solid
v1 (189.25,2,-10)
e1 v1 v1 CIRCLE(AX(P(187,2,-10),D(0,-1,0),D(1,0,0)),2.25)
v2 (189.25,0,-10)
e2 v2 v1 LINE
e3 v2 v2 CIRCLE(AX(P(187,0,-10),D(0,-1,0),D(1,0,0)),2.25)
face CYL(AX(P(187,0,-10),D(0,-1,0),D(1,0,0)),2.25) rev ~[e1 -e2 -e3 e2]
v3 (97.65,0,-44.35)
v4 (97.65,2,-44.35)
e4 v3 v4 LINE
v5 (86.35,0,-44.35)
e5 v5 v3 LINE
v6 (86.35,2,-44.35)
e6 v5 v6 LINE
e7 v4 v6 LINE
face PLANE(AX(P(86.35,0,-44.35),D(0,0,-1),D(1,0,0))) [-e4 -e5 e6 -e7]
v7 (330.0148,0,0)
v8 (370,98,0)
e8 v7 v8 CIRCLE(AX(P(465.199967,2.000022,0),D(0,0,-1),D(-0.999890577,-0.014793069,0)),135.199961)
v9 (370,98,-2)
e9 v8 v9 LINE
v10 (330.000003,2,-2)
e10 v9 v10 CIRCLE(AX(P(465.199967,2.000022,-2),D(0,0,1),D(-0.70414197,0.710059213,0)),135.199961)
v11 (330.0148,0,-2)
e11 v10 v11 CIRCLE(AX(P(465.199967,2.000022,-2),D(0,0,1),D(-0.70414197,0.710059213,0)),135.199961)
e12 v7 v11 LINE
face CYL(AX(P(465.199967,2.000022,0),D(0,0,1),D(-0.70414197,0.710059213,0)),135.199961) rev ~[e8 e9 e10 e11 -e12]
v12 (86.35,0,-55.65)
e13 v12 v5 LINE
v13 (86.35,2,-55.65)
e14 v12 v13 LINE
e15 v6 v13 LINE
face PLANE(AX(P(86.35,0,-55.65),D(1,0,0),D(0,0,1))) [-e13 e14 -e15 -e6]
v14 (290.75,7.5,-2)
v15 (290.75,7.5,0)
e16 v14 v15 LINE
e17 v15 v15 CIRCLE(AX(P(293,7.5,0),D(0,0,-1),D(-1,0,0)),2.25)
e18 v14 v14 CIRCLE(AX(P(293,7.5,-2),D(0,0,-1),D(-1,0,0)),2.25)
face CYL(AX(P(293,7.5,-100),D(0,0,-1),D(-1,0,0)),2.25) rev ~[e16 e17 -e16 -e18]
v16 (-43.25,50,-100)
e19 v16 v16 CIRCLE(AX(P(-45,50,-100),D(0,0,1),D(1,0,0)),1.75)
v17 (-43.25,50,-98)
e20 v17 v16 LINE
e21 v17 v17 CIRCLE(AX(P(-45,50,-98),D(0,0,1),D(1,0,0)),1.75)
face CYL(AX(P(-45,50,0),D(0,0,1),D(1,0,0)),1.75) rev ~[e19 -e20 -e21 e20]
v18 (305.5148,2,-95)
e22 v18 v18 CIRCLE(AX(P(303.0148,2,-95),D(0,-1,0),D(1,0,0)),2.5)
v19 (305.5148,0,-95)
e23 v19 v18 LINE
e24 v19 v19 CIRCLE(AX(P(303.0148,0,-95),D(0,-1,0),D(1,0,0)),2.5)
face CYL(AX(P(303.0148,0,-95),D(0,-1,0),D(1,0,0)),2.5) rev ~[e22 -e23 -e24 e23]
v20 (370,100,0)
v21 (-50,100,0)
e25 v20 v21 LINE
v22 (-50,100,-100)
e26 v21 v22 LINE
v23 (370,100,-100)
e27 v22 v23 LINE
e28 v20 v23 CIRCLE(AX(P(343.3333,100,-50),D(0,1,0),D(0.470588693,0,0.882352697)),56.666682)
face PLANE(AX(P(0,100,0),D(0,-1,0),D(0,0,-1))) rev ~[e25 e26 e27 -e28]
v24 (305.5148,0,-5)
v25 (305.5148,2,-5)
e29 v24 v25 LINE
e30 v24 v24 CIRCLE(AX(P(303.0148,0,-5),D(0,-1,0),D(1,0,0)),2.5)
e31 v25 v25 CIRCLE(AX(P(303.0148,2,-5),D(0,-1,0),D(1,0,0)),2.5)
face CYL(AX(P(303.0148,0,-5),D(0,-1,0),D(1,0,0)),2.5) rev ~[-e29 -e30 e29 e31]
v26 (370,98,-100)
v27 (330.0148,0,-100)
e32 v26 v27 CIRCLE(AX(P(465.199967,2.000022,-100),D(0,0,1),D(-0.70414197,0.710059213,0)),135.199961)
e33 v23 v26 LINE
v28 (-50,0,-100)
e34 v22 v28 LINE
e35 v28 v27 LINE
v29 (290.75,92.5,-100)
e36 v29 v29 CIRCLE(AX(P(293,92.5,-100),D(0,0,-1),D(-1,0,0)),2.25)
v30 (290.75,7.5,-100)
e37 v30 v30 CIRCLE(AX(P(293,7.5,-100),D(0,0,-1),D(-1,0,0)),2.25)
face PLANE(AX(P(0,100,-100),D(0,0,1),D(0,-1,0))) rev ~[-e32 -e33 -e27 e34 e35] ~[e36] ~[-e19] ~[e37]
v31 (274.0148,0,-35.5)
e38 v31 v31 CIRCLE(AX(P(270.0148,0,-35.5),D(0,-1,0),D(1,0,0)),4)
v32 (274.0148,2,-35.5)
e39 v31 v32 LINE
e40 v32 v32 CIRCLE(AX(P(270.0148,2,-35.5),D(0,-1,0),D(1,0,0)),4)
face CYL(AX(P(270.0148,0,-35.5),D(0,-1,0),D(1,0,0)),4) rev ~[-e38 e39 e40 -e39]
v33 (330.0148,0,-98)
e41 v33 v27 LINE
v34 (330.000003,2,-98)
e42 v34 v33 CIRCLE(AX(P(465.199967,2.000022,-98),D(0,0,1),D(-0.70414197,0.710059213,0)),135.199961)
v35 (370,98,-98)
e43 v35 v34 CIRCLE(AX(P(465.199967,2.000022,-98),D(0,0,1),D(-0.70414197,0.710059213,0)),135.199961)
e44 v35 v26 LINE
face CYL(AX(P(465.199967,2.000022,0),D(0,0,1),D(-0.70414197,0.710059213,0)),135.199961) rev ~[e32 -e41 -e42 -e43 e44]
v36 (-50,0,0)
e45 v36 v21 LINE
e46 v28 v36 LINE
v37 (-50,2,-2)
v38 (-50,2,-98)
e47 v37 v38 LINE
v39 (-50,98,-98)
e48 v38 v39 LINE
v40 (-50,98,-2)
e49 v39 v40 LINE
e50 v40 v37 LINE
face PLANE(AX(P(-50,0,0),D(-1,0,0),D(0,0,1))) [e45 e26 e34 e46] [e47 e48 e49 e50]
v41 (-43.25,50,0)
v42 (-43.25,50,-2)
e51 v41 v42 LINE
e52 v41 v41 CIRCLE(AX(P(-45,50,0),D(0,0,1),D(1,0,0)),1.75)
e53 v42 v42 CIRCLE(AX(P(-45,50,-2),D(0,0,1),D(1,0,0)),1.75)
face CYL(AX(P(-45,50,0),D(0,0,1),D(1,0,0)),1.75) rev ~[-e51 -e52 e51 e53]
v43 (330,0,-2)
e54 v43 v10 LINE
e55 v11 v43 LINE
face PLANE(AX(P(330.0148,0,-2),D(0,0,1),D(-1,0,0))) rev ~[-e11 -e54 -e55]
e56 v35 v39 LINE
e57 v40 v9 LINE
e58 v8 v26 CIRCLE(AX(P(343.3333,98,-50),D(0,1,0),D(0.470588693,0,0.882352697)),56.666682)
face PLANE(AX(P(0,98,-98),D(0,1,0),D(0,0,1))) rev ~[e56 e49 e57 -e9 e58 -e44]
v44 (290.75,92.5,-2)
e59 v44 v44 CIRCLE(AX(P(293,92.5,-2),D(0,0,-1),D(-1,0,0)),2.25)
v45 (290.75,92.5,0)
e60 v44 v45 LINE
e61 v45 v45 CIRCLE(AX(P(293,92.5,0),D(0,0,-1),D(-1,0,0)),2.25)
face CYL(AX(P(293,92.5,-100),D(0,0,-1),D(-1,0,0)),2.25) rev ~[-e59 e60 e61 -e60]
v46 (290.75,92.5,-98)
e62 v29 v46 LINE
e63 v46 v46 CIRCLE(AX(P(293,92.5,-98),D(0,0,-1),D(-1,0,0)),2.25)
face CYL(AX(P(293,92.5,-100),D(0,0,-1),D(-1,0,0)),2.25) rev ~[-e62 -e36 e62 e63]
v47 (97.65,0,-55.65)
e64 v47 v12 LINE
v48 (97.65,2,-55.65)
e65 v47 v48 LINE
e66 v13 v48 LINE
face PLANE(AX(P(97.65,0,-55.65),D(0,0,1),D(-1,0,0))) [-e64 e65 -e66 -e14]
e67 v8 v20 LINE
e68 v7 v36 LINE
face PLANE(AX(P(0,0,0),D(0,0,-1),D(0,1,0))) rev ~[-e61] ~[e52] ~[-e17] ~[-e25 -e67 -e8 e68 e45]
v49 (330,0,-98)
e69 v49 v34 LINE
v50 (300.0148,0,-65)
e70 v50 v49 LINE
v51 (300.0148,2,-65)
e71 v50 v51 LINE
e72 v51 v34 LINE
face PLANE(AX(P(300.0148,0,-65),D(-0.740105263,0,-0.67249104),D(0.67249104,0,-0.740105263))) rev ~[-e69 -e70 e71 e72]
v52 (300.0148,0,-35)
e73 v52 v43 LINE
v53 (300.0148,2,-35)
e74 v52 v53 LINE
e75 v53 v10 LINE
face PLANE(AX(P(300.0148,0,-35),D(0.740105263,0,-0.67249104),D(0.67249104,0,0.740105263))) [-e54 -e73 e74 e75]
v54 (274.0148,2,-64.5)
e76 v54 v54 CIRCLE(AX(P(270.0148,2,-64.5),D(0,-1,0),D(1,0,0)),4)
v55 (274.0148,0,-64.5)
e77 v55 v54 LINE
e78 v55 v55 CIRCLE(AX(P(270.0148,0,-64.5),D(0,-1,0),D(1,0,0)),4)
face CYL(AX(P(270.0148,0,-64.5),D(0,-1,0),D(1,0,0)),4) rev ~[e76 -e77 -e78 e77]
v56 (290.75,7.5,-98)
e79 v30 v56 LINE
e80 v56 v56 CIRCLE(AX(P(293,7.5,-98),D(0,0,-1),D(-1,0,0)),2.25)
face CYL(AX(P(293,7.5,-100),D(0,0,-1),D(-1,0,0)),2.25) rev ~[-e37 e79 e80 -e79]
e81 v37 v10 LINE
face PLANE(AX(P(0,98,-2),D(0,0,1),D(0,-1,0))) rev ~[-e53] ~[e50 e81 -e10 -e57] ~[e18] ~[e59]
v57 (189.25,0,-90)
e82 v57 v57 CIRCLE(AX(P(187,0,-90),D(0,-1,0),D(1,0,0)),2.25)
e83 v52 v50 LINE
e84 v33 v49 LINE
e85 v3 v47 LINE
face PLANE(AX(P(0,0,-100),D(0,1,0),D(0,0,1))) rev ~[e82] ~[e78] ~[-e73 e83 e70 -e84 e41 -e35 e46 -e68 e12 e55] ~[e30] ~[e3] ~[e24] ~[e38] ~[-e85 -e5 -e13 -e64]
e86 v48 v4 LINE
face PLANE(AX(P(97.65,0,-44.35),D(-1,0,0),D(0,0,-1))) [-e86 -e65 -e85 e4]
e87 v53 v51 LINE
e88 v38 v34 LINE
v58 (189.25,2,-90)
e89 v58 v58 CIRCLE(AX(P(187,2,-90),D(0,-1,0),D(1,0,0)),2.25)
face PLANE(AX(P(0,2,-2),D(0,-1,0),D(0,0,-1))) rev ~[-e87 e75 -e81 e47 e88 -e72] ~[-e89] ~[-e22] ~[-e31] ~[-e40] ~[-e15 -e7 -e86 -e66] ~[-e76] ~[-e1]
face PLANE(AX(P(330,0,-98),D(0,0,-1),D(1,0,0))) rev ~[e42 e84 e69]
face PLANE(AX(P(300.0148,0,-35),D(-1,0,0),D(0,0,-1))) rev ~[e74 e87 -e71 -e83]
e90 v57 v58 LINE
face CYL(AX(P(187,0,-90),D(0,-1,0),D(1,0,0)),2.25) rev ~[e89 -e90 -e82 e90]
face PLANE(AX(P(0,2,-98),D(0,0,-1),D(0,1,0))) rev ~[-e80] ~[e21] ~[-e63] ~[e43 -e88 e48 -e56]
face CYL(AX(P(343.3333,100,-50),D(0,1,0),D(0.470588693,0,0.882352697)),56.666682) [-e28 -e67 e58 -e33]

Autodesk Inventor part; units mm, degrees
ref_plane "YZ Plane" through (0, 0, 0) normal (1, 0, 0) x (0, 1, 0)
ref_plane "XZ Plane" through (0, 0, 0) normal (0, 1, 0) x (-1, 0, 0)
ref_plane "XY Plane" through (0, 0, 0) normal (0, 0, 1) x (1, 0, 0)
sketch "Náčrt1" plane through (0, 0, 0) normal (1, 0, 0) x (0, 1, 0)
  line L0 (0, 0) -> (100, 0)
  line L1 (100, 0) -> (100, -100)
  line L2 (100, -100) -> (0, -100)
  line L3 (0, -100) -> (0, 0)
  line L4 (98, -2) -> (2, -2)
  line L5 (2, -2) -> (2, -98)
  line L6 (2, -98) -> (98, -98)
  line L7 (98, -98) -> (98, -2)
  dimension "d0" = 100
  dimension "d1" = 100
  dimension "d2" = 2
extrude "Vysunutí1" add sketch "Náčrt1" along normal blind 370
sketch "Náčrt4" plane through (0, 0, 0) normal (0, 0, 1) x (1, 0, 0)
  line L0 (0, 0) -> (0, 100) projected
  line L1 (0, 0) -> (370, 0) projected
  line L2 (370, 100) -> (370, 0) projected
  line L3 (0, 100) -> (370, 100) projected
  line L4 (0, 2) -> (370, 2) projected
  arc A0 (370, 98) -> (330.0148, 0) centre (465.2, 2) ccw
  line L5 (330, 23.5767) -> (330, -17.4459)
  line L6 (370, 2) -> (523.9799, 2)
  line L7 (330, 2) -> (370, 2)
  line L8 (0, 0) -> (370, 0) projected
  line L9 (370, 2) -> (370, 98)
  dimension "d17" = 2
  dimension "d102" = 330
extrude "Vysunutí4" cut sketch "Náčrt4" against normal through all contours A0 L2 L4 | L4 L2 L1 A0
sketch "Náčrt5" plane through (0, 100, 0) normal (0, 1, 0) x (1, 0, 0)
  line L0 (0, 0) -> (0, 100) projected
  line L1 (0, 0) -> (370, 0) projected
  line L2 (370, 100) -> (370, 0) projected
  line L3 (0, 100) -> (370, 100) projected
  arc A0 (370, 0) -> (370, 100) centre (343.3333, 50) ccw
  point P0 (400, 50)
  dimension "d21" = 30
extrude "Vysunutí5" add sketch "Náčrt5" against normal blind 2 contours L2 A0
sketch "Náčrt11" plane through (0, 0, -100) normal (0, -1, 0) x (1, 0, 0)
  line L0 (0, 100) -> (330.0148, 100) projected
  line L1 (0, 0) -> (0, 100) projected
  line L2 (0, 0) -> (330.0148, 0) projected
  line L3 (330.0148, 0) -> (330.0148, 100) projected
  line L4 (86.35, 55.65) -> (97.65, 55.65)
  line L5 (97.65, 55.65) -> (97.65, 44.35)
  line L6 (97.65, 44.35) -> (86.35, 44.35)
  line L7 (86.35, 44.35) -> (86.35, 55.65)
  point P0 (92, 55.65)
  point P1 (86.35, 50)
  dimension "d129" = 11.3
  dimension "d130" = 11.3
  dimension "d131" = 92
  dimension "d132" = 50
extrude "Vysunutí11" cut sketch "Náčrt11" against normal blind 5 contours L4 L5 L6 L7
sketch "Náčrt12" plane through (0, 0, -100) normal (0, -1, 0) x (1, 0, 0)
  line L0 (0, 100) -> (330.0148, 100) projected
  line L1 (0, 0) -> (0, 100) projected
  line L2 (0, 0) -> (330.0148, 0) projected
  circle A0 centre (187, 90) radius 2.25
  circle A1 centre (187, 10) radius 2.25
  line L3 (330.0148, 0) -> (330.0148, 100) projected
  dimension "d61" = 4.5
  dimension "d62" = 4.5
  dimension "d63" = 10
  dimension "d64" = 10
  dimension "d65" = 187
  dimension "d66" = 187
extrude "Vysunutí12" cut sketch "Náčrt12" against normal blind 10 contours A0 | A1
sketch "Náčrt14" plane through (0, 0, -100) normal (0, 0, -1) x (-1, 0, 0)
  line L0 (0, 0) -> (-330.0148, 0) projected
  line L1 (0, 100) -> (0, 0) projected
  line L2 (0, 100) -> (-370, 100) projected
  line L3 (-370, 98) -> (-370, 100) projected
  circle A0 centre (-293, 7.5) radius 2.25
  circle A1 centre (-293, 92.5) radius 2.25
  arc A2 (-330.0148, 0) -> (-370, 98) centre (-465.2, 2) ccw projected
  dimension "d77" = 293
  dimension "d78" = 4.5
  dimension "d79" = 4.5
  dimension "d80" = 293
  dimension "d86" = 85
  dimension "d87" = 7.5
extrude "Vysunutí14" cut sketch "Náčrt14" against normal through all contours A0 | A1
sketch "Náčrt16" plane through (0, 0, -100) normal (0, -1, 0) x (1, 0, 0)
  circle A0 centre (187, 90) radius 2.25 projected
  circle A1 centre (187, 10) radius 2.25 projected
  line L0 (330.0148, 0) -> (330.0148, 100) projected
  line L1 (0, 100) -> (330.0148, 100) projected
  line L2 (0, 0) -> (0, 100) projected
  line L3 (0, 0) -> (330.0148, 0) projected
  line L4 (0, 2) -> (330, 2) projected
  line L5 (0, 98) -> (330, 98) projected
  line L6 (300.0148, 65) -> (300.0148, 35)
  line L7 (300.0148, 35) -> (330, 2)
  line L8 (330, 2) -> (332.6841, 2)
  line L9 (332.6841, 2) -> (332.6841, 98)
  line L10 (332.6841, 98) -> (330, 98)
  line L11 (300.0148, 65) -> (330, 98)
  circle A2 centre (303.0148, 5) radius 2.5
  circle A3 centre (303.0148, 95) radius 2.5
  point P0 (300.0148, 50)
  dimension "d103" = 30
  dimension "d104" = 50
  dimension "d105" = 30
  dimension "d106" = 5
  dimension "d107" = 5
  dimension "d108" = 5
  dimension "d109" = 5
  dimension "d110" = 27
  dimension "d111" = 27
extrude "Vysunutí17" cut sketch "Náčrt16" against normal up to surface (2 mm away) contours L8 L7 L6 L11 L10 L0 | L0 L10 L9 L8 | A2 | A3
sketch "Náčrt17" plane through (0, 0, 0) normal (-1, 0, 0) x (0, 0, 1)
  line L0 (-98, 98) -> (-2, 98) projected
  line L1 (-2, 98) -> (-2, 2) projected
  line L2 (-2, 2) -> (-98, 2) projected
  line L3 (-98, 2) -> (-98, 98) projected
  line L4 (0, 0) -> (0, 100) projected
  line L5 (0, 100) -> (-100, 100) projected
  line L6 (-100, 100) -> (-100, 0) projected
  line L7 (-100, 0) -> (0, 0) projected
extrude "Vysunutí18" add sketch "Náčrt17" along normal blind 50
sketch "Náčrt18" plane through (-50, 100, 0) normal (0, 0, 1) x (1, 0, 0)
  arc A0 (420, -2) -> (380.0148, -100) centre (515.2, -98) ccw projected
  line L0 (420, 0) -> (420, -2) projected
  line L1 (420, 0) -> (0, 0) projected
  line L2 (0, -100) -> (0, 0) projected
  line L3 (0, -100) -> (380.0148, -100) projected
  circle A1 centre (5, -50) radius 1.75
  point P0 (50, -100)
  dimension "d116" = 3.5
  dimension "d117" = 50
  dimension "d118" = 5
extrude "Vysunutí19" cut sketch "Náčrt18" against normal through all contours A1
sketch "Náčrt19" plane through (300.0148, 0, -65) normal (0, -1, 0) x (1, 0, 0)
  line L0 (29.9852, 63) -> (30, 63) projected
  line L1 (30, 63) -> (30, 65) projected
  line L2 (-350.0148, 65) -> (30, 65) projected
  line L3 (-350.0148, -35) -> (-350.0148, 65) projected
  line L4 (30, -35) -> (-350.0148, -35) projected
  line L5 (30, -35) -> (30, -33) projected
  line L6 (30, -33) -> (29.9852, -33) projected
  line L7 (29.9852, -33) -> (0, 0) projected
  line L8 (0, 0) -> (0, 30) projected
  line L9 (0, 30) -> (29.9852, 63) projected
  circle A0 centre (3, 60) radius 2.5 projected
  circle A1 centre (3, -30) radius 2.5 projected
  circle A2 centre (-113.0148, 55) radius 2.25 projected
  circle A3 centre (-113.0148, -25) radius 2.25 projected
  circle A4 centre (-30, 29.5) radius 4
  circle A5 centre (-30, 0.5) radius 4
  point P0 (-300.0148, 65)
  dimension "d121" = 8
  dimension "d122" = 8
  dimension "d123" = 29
  dimension "d124" = 35.5
  dimension "d125" = 30
  dimension "d126" = 30
extrude "Vysunutí20" cut sketch "Náčrt19" against normal blind 10 contours A4 | A5
properties part number "Case"
